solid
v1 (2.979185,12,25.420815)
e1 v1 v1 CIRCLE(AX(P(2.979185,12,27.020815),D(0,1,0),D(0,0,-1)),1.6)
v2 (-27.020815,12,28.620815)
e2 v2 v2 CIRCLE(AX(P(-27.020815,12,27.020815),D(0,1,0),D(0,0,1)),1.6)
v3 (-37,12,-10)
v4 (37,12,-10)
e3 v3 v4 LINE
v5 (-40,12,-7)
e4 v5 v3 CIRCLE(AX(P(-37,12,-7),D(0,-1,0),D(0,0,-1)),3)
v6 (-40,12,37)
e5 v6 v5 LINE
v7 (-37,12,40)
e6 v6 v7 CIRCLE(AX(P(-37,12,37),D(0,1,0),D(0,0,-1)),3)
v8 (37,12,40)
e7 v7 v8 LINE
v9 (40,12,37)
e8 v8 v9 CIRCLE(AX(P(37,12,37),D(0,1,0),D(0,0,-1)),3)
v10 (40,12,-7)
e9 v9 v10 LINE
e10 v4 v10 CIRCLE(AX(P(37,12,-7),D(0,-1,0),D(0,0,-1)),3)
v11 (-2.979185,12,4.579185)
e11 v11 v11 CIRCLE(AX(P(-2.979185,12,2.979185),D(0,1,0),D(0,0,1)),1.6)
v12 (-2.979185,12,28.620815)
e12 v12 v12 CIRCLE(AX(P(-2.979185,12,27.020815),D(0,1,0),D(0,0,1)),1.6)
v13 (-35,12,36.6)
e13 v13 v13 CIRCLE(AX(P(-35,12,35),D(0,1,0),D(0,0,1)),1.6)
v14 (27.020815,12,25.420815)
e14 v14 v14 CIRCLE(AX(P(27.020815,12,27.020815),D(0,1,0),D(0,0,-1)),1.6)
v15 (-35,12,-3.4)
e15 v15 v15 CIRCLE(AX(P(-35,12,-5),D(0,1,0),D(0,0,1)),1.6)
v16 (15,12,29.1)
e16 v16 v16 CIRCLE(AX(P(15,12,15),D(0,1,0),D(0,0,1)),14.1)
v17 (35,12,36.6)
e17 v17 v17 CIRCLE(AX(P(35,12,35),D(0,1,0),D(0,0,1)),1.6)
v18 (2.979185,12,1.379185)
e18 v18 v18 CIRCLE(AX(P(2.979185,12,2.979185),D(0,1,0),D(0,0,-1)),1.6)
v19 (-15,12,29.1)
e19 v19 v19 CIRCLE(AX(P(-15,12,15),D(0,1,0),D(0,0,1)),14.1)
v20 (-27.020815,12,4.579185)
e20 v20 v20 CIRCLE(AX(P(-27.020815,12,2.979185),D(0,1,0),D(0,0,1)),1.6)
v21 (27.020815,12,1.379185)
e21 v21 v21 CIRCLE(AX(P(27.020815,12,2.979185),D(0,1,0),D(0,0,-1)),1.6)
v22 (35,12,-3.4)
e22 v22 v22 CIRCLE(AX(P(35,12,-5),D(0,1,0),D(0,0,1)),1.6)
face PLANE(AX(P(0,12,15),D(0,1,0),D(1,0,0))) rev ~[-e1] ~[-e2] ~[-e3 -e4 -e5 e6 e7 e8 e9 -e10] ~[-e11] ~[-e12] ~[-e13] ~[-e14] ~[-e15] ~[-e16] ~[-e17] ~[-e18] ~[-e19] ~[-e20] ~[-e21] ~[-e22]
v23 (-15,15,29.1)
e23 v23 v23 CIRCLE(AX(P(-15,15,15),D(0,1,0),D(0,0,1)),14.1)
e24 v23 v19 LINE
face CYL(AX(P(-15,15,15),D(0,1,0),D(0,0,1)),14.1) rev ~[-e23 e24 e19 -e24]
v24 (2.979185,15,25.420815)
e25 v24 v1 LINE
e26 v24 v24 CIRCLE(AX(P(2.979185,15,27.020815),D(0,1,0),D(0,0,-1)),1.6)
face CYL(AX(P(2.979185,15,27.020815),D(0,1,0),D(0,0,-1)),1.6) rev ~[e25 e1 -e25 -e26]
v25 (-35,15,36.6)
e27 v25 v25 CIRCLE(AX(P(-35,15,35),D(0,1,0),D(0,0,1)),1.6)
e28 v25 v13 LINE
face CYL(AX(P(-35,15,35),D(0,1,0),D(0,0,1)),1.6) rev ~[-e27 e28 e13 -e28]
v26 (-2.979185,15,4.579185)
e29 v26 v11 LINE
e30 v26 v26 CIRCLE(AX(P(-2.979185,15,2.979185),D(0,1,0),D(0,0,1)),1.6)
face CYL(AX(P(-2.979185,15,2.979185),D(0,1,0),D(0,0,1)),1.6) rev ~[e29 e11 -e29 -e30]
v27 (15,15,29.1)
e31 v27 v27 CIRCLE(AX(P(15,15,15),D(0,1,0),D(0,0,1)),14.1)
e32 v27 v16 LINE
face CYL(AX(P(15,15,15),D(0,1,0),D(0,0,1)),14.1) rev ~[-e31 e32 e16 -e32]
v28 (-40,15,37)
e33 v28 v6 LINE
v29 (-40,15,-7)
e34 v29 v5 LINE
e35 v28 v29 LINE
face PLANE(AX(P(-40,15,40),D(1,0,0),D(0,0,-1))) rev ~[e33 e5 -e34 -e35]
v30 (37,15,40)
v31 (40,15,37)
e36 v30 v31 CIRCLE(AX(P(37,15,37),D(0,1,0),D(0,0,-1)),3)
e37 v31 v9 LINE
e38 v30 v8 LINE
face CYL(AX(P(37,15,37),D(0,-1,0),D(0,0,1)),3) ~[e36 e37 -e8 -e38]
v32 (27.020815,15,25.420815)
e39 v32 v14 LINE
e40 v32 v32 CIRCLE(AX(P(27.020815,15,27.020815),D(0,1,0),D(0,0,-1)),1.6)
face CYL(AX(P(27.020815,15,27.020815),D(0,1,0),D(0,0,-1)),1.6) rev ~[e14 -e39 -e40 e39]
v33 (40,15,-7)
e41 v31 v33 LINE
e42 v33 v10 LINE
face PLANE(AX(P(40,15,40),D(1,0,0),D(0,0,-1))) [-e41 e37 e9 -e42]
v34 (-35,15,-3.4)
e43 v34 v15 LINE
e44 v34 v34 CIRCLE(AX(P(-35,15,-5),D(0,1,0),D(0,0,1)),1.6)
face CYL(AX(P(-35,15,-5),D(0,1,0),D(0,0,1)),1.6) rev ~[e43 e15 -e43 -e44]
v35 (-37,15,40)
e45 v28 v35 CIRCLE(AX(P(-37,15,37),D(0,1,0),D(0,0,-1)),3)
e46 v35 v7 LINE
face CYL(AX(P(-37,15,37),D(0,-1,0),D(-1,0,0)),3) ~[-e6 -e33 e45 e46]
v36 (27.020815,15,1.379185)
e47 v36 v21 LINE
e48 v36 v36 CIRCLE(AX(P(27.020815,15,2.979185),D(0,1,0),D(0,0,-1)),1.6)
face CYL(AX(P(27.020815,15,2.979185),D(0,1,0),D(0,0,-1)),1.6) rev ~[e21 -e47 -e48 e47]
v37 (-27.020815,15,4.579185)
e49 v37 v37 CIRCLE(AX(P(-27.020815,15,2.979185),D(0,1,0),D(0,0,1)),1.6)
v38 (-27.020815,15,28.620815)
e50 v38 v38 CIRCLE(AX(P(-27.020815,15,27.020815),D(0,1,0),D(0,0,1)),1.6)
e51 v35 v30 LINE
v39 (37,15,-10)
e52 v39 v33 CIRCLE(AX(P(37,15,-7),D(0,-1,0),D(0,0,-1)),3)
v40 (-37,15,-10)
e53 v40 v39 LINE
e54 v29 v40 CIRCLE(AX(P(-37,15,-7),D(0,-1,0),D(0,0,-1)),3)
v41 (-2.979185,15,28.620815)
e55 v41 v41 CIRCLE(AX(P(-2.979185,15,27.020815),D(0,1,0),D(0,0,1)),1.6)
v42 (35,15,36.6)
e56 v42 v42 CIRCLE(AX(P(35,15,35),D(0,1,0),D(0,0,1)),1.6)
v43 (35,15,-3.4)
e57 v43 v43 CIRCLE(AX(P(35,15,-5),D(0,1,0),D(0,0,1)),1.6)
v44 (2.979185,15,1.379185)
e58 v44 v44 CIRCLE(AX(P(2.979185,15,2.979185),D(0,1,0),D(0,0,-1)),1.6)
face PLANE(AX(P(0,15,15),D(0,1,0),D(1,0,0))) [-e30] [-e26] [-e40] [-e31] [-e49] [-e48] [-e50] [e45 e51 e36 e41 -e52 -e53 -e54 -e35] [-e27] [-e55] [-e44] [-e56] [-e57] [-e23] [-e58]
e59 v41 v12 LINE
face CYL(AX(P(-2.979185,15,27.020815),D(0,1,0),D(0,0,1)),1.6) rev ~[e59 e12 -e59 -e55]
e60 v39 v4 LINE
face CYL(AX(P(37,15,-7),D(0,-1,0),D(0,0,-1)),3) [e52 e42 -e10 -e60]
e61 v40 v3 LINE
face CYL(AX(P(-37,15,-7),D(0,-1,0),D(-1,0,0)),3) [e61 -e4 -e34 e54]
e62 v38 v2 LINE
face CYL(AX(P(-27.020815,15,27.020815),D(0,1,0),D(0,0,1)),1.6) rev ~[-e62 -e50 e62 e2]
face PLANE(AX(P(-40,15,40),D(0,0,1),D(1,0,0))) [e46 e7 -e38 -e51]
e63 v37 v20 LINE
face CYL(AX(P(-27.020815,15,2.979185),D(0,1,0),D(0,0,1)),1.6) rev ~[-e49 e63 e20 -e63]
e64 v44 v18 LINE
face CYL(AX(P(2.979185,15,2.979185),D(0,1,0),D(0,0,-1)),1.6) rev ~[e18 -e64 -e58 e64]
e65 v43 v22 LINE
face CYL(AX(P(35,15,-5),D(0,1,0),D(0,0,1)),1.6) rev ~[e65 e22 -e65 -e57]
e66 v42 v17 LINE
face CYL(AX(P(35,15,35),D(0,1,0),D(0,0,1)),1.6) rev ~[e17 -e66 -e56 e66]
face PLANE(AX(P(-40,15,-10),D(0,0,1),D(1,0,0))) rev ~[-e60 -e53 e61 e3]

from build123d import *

# Parameters (mm, degrees)
SKETCH_1_W          = 60
SKETCH_1_H          = 30
EXTRUDE_1_DEPTH     = 30
SKETCH_2_W          = 60
SKETCH_2_H          = 30
CUT_EXTRUDE_1_DEPTH = 27
SKETCH_3_R          = 1.6
SKETCH_3_R_2        = 14.1
CUT_EXTRUDE_2_DEPTH = 43.532340636
SKETCH_4_W          = 80
SKETCH_4_H          = 50
SKETCH_4_W_2        = 60
SKETCH_4_H_2        = 30
EXTRUDE_2_DEPTH     = 3
SKETCH_5_R          = 1.6
CUT_EXTRUDE_3_DEPTH = 3
FILLET_1_R          = 3


with BuildPart() as part:
    # 草图1 → 凸台-拉伸1 (new body)
    with BuildSketch(Plane.XY):
        Rectangle(SKETCH_1_W, SKETCH_1_H)
    extrude(amount=EXTRUDE_1_DEPTH)

    # 草图2 → 切除-拉伸1 (cut)
    with BuildSketch(Plane.XZ.offset(15)):
        with Locations((0, 15)):
            Rectangle(SKETCH_2_W, SKETCH_2_H)
    extrude(amount=-CUT_EXTRUDE_1_DEPTH, mode=Mode.SUBTRACT)

    # 草图3 → 切除-拉伸2 (cut, through all)
    with BuildSketch(Plane(origin=(0, 15, 0), x_dir=(1, 0, 0), z_dir=(0, 1, 0))):
        with Locations(Location((-27.02081528, -2.97918472, 0), (0, 0, 270))):
            Circle(SKETCH_3_R)
        with Locations(Location((-2.97918472, -2.97918472, 0), (0, 0, 270))):
            Circle(SKETCH_3_R)
        with Locations(Location((-2.97918472, -27.02081528, 0), (0, 0, 270))):
            Circle(SKETCH_3_R)
        with Locations(Location((-27.02081528, -27.02081528, 0), (0, 0, 270))):
            Circle(SKETCH_3_R)
        with Locations(Location((27.02081528, -27.02081528, 0), (0, 0, 90))):
            Circle(SKETCH_3_R)
        with Locations(Location((2.97918472, -27.02081528, 0), (0, 0, 90))):
            Circle(SKETCH_3_R)
        with Locations(Location((2.97918472, -2.97918472, 0), (0, 0, 90))):
            Circle(SKETCH_3_R)
        with Locations(Location((27.02081528, -2.97918472, 0), (0, 0, 90))):
            Circle(SKETCH_3_R)
        with Locations(Location((-15, -15, 0), (0, 0, 270))):
            Circle(SKETCH_3_R_2)
        with Locations(Location((15, -15, 0), (0, 0, 270))):
            Circle(SKETCH_3_R_2)
    extrude(amount=-CUT_EXTRUDE_2_DEPTH, mode=Mode.SUBTRACT)

    # 草图4 → 凸台-拉伸2 (add)
    with BuildSketch(Plane(origin=(0, 15, 0), x_dir=(1, 0, 0), z_dir=(0, 1, 0))):
        with Locations((0, -15)):
            Rectangle(SKETCH_4_W, SKETCH_4_H)
        with Locations((0, -15)):
            Rectangle(SKETCH_4_W_2, SKETCH_4_H_2, mode=Mode.SUBTRACT)
    extrude(amount=-EXTRUDE_2_DEPTH)

    # 草图5 → 切除-拉伸3 (cut)
    with BuildSketch(Plane(origin=(0, 15, 0), x_dir=(1, 0, 0), z_dir=(0, 1, 0))):
        with Locations(Location((-35, 5, 0), (0, 0, 270))):
            Circle(SKETCH_5_R)
        with Locations(Location((35, 5, 0), (0, 0, 270))):
            Circle(SKETCH_5_R)
        with Locations(Location((35, -35, 0), (0, 0, 270))):
            Circle(SKETCH_5_R)
        with Locations(Location((-35, -35, 0), (0, 0, 270))):
            Circle(SKETCH_5_R)
    extrude(amount=-CUT_EXTRUDE_3_DEPTH, mode=Mode.SUBTRACT)

    # 圆角1
    fillet_1_edges = [part.edges().sort_by_distance(p)[0] for p in [
        (40, 13.5, -10),
        (40, 13.5, 40),
        (-40, 13.5, 40),
        (-40, 13.5, -10),
    ]]
    fillet(fillet_1_edges, radius=FILLET_1_R)


solid = part.part
